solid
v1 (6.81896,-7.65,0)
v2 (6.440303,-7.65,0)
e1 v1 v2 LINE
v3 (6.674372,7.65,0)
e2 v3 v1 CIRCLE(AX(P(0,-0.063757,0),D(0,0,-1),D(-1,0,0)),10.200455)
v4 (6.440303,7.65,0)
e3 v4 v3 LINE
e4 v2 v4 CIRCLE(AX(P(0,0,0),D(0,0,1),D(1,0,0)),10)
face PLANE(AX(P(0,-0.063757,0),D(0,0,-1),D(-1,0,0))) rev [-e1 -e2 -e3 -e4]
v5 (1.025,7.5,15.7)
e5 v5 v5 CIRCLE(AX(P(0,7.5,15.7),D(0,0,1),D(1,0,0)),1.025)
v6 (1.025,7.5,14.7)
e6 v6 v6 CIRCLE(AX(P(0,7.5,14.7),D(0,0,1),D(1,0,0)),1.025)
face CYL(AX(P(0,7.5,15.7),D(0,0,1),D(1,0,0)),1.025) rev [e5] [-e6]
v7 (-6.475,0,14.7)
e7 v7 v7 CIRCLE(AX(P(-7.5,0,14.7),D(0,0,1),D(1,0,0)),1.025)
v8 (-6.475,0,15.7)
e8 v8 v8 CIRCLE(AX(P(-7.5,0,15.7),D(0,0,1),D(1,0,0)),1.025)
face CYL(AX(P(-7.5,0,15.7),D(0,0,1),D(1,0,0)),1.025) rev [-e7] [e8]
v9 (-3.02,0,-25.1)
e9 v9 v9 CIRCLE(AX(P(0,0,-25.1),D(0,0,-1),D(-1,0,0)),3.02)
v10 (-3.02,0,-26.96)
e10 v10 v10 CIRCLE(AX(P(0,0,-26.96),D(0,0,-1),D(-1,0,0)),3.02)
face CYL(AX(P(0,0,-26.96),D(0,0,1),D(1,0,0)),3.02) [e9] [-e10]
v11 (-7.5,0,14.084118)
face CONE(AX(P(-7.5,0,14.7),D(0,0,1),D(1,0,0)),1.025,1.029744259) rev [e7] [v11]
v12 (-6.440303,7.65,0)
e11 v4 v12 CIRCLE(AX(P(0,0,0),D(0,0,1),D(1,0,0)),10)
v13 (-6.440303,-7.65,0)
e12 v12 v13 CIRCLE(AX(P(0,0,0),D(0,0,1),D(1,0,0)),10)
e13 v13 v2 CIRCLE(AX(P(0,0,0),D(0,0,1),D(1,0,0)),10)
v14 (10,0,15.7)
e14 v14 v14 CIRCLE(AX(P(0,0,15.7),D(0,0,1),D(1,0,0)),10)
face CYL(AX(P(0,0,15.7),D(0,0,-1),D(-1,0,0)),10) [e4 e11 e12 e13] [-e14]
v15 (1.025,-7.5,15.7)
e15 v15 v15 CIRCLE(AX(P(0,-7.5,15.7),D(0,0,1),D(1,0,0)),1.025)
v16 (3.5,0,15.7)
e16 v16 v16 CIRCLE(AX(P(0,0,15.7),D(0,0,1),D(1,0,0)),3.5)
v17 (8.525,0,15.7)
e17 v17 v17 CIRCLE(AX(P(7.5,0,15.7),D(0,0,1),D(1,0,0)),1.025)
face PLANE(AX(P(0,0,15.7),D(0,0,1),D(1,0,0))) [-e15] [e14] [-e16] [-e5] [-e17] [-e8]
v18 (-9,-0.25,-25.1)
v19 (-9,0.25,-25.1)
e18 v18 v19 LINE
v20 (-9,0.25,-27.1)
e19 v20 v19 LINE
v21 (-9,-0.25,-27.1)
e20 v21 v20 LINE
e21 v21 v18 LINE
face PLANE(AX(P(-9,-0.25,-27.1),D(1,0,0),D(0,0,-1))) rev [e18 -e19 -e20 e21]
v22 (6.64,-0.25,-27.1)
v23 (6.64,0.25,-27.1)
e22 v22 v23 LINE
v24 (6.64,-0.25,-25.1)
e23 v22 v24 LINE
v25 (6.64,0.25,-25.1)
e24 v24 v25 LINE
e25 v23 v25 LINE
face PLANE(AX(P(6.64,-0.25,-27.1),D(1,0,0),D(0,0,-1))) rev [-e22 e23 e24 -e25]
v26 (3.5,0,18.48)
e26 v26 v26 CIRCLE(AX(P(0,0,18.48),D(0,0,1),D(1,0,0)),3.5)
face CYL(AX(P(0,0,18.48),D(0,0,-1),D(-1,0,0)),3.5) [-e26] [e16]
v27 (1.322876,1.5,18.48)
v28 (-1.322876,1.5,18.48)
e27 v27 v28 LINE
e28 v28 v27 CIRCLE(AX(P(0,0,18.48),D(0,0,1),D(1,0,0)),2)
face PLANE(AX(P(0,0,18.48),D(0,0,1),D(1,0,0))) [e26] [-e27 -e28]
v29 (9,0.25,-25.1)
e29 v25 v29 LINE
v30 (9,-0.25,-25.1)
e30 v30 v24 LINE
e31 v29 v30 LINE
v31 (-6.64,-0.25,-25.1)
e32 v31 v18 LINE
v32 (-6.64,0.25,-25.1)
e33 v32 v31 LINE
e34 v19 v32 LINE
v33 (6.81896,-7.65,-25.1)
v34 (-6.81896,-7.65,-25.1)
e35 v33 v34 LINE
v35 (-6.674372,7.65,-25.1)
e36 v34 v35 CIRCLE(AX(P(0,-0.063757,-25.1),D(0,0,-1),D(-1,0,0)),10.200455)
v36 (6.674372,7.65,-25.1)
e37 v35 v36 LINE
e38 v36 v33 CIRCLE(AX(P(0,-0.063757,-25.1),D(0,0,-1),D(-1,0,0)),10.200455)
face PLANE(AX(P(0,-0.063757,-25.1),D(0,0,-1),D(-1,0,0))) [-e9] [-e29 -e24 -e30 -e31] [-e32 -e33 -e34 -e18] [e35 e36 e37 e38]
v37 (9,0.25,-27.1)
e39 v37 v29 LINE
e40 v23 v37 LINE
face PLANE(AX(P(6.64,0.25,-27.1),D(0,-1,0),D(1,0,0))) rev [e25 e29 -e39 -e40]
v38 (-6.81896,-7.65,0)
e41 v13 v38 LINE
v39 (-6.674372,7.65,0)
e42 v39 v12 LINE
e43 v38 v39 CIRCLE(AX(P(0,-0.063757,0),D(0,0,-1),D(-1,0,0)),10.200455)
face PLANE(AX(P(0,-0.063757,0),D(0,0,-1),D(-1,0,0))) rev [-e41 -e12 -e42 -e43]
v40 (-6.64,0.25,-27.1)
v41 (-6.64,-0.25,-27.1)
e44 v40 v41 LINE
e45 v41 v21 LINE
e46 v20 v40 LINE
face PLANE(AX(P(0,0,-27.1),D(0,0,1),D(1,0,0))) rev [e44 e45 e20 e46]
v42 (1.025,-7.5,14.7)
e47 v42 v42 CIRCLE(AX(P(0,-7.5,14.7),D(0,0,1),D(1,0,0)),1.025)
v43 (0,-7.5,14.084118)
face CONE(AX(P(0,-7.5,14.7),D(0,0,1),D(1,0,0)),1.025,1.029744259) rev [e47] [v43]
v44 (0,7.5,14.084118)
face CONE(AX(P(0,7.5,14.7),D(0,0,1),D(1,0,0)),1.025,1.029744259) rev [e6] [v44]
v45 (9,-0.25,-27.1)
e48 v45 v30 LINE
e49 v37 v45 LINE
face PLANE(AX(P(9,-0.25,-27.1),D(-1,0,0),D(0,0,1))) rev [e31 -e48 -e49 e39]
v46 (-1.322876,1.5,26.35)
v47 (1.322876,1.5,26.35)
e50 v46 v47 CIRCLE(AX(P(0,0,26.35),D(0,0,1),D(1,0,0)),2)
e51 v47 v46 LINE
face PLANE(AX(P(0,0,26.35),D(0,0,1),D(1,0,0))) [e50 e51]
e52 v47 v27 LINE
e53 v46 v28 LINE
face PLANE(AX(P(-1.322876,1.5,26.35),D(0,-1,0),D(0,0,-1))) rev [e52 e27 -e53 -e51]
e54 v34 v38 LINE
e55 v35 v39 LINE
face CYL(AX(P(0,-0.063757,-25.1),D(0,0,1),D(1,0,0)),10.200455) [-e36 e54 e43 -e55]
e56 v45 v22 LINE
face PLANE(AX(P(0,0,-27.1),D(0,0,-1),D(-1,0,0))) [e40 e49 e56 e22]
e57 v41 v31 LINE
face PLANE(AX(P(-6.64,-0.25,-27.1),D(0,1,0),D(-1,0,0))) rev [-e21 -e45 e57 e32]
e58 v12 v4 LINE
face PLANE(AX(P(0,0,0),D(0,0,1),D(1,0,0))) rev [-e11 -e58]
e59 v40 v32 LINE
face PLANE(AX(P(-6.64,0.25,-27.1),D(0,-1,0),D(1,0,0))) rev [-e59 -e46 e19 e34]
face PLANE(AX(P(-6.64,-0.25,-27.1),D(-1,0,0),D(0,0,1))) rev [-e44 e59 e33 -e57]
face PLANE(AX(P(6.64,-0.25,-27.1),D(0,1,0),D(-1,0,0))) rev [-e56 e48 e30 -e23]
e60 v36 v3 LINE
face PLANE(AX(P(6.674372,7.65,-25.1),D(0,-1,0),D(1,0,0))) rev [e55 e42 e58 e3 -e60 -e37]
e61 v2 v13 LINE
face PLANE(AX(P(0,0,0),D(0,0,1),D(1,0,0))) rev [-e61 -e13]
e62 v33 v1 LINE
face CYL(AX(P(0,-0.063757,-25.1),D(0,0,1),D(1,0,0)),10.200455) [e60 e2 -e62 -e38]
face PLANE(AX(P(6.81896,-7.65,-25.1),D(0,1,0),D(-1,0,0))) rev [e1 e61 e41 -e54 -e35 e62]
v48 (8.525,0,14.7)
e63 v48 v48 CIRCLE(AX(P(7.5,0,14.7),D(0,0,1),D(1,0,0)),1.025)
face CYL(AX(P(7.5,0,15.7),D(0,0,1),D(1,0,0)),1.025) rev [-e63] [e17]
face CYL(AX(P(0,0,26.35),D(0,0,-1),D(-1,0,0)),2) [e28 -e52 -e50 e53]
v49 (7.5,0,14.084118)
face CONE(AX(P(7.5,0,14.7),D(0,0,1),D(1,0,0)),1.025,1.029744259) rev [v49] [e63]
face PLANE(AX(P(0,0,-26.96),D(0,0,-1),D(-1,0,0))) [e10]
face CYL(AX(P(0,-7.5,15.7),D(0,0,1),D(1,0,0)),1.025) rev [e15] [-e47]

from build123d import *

# Parameters (mm, degrees)
SKETCH1_R                    = 10
GEARBOX_DEPTH                = 15.7
MOTOR_DEPTH                  = 25.1
SKETCH4_R                    = 3.5
OUTPUT_SHAFT_COLLAR_DEPTH    = 2.78
OUTPUT_SHAFT_DEPTH           = 7.87
SKETCH6_R                    = 3.02
BOSS_EXTRUDE11_DEPTH         = 1.86
SKETCH10_W                   = 2.36
SKETCH10_H                   = 0.5
BOSS_EXTRUDE13_DEPTH         = 2
M2_5X0_45_TAPPED_HOLE1_D     = 2.05
M2_5X0_45_TAPPED_HOLE1_DEPTH = 1
M2_5X0_45_TAPPED_HOLE1_TIP   = 0.615882135


with BuildPart() as part:
    # Sketch1 → GearBox (new body)
    with BuildSketch(Plane.XY):
        Circle(SKETCH1_R)
    extrude(amount=GEARBOX_DEPTH)

    # Sketch3 → Motor (add)
    with BuildSketch(Plane(origin=(0, 0, 0), x_dir=(-1, 0, 0), z_dir=(0, 0, -1))):
        with BuildLine():
            Line((-6.674371666, 7.65), (6.674371666, 7.65))
            ThreePointArc((6.674371666, 7.65), (10.2, 0.032634765), (6.818960021, -7.65))
            Line((6.818960021, -7.65), (-6.818960021, -7.65))
            ThreePointArc((-6.818960021, -7.65), (-10.2, 0.032634765), (-6.674371666, 7.65))
        make_face()
    extrude(amount=MOTOR_DEPTH)

    # Sketch4 → Output_Shaft_Collar (add)
    with BuildSketch(Plane.XY.offset(15.7)):
        Circle(SKETCH4_R)
    extrude(amount=OUTPUT_SHAFT_COLLAR_DEPTH)

    # Sketch5 → Output_Shaft (add)
    with BuildSketch(Plane.XY.offset(18.48)):
        with BuildLine():
            Line((-1.322875656, 1.5), (1.322875656, 1.5))
            ThreePointArc((1.322875656, 1.5), (0, -2), (-1.322875656, 1.5))
        make_face()
    extrude(amount=OUTPUT_SHAFT_DEPTH)

    # Sketch6 → Boss-Extrude11 (add)
    with BuildSketch(Plane(origin=(0, 0, -25.1), x_dir=(-1, 0, 0), z_dir=(0, 0, -1))):
        Circle(SKETCH6_R)
    extrude(amount=BOSS_EXTRUDE11_DEPTH)

    # Sketch10 → Boss-Extrude13 (add)
    with BuildSketch(Plane(origin=(0, 0, -25.1), x_dir=(-1, 0, 0), z_dir=(0, 0, -1))):
        with Locations((-7.82, 0)):
            Rectangle(SKETCH10_W, SKETCH10_H)
        with Locations((7.82, 0)):
            Rectangle(SKETCH10_W, SKETCH10_H)
    extrude(amount=BOSS_EXTRUDE13_DEPTH)

    # M2.5x0.45 Tapped Hole1
    with Locations(Plane.XY.offset(15.7)):
        with Locations((-7.5, 0), (7.5, 0), (0, 7.5), (0, -7.5)):
            Hole(M2_5X0_45_TAPPED_HOLE1_D / 2, depth=M2_5X0_45_TAPPED_HOLE1_DEPTH)
            with Locations((0, 0, -(M2_5X0_45_TAPPED_HOLE1_DEPTH + M2_5X0_45_TAPPED_HOLE1_TIP / 2))):  # 118° drill point
                Cone(0, M2_5X0_45_TAPPED_HOLE1_D / 2, M2_5X0_45_TAPPED_HOLE1_TIP, mode=Mode.SUBTRACT)


solid = part.part
